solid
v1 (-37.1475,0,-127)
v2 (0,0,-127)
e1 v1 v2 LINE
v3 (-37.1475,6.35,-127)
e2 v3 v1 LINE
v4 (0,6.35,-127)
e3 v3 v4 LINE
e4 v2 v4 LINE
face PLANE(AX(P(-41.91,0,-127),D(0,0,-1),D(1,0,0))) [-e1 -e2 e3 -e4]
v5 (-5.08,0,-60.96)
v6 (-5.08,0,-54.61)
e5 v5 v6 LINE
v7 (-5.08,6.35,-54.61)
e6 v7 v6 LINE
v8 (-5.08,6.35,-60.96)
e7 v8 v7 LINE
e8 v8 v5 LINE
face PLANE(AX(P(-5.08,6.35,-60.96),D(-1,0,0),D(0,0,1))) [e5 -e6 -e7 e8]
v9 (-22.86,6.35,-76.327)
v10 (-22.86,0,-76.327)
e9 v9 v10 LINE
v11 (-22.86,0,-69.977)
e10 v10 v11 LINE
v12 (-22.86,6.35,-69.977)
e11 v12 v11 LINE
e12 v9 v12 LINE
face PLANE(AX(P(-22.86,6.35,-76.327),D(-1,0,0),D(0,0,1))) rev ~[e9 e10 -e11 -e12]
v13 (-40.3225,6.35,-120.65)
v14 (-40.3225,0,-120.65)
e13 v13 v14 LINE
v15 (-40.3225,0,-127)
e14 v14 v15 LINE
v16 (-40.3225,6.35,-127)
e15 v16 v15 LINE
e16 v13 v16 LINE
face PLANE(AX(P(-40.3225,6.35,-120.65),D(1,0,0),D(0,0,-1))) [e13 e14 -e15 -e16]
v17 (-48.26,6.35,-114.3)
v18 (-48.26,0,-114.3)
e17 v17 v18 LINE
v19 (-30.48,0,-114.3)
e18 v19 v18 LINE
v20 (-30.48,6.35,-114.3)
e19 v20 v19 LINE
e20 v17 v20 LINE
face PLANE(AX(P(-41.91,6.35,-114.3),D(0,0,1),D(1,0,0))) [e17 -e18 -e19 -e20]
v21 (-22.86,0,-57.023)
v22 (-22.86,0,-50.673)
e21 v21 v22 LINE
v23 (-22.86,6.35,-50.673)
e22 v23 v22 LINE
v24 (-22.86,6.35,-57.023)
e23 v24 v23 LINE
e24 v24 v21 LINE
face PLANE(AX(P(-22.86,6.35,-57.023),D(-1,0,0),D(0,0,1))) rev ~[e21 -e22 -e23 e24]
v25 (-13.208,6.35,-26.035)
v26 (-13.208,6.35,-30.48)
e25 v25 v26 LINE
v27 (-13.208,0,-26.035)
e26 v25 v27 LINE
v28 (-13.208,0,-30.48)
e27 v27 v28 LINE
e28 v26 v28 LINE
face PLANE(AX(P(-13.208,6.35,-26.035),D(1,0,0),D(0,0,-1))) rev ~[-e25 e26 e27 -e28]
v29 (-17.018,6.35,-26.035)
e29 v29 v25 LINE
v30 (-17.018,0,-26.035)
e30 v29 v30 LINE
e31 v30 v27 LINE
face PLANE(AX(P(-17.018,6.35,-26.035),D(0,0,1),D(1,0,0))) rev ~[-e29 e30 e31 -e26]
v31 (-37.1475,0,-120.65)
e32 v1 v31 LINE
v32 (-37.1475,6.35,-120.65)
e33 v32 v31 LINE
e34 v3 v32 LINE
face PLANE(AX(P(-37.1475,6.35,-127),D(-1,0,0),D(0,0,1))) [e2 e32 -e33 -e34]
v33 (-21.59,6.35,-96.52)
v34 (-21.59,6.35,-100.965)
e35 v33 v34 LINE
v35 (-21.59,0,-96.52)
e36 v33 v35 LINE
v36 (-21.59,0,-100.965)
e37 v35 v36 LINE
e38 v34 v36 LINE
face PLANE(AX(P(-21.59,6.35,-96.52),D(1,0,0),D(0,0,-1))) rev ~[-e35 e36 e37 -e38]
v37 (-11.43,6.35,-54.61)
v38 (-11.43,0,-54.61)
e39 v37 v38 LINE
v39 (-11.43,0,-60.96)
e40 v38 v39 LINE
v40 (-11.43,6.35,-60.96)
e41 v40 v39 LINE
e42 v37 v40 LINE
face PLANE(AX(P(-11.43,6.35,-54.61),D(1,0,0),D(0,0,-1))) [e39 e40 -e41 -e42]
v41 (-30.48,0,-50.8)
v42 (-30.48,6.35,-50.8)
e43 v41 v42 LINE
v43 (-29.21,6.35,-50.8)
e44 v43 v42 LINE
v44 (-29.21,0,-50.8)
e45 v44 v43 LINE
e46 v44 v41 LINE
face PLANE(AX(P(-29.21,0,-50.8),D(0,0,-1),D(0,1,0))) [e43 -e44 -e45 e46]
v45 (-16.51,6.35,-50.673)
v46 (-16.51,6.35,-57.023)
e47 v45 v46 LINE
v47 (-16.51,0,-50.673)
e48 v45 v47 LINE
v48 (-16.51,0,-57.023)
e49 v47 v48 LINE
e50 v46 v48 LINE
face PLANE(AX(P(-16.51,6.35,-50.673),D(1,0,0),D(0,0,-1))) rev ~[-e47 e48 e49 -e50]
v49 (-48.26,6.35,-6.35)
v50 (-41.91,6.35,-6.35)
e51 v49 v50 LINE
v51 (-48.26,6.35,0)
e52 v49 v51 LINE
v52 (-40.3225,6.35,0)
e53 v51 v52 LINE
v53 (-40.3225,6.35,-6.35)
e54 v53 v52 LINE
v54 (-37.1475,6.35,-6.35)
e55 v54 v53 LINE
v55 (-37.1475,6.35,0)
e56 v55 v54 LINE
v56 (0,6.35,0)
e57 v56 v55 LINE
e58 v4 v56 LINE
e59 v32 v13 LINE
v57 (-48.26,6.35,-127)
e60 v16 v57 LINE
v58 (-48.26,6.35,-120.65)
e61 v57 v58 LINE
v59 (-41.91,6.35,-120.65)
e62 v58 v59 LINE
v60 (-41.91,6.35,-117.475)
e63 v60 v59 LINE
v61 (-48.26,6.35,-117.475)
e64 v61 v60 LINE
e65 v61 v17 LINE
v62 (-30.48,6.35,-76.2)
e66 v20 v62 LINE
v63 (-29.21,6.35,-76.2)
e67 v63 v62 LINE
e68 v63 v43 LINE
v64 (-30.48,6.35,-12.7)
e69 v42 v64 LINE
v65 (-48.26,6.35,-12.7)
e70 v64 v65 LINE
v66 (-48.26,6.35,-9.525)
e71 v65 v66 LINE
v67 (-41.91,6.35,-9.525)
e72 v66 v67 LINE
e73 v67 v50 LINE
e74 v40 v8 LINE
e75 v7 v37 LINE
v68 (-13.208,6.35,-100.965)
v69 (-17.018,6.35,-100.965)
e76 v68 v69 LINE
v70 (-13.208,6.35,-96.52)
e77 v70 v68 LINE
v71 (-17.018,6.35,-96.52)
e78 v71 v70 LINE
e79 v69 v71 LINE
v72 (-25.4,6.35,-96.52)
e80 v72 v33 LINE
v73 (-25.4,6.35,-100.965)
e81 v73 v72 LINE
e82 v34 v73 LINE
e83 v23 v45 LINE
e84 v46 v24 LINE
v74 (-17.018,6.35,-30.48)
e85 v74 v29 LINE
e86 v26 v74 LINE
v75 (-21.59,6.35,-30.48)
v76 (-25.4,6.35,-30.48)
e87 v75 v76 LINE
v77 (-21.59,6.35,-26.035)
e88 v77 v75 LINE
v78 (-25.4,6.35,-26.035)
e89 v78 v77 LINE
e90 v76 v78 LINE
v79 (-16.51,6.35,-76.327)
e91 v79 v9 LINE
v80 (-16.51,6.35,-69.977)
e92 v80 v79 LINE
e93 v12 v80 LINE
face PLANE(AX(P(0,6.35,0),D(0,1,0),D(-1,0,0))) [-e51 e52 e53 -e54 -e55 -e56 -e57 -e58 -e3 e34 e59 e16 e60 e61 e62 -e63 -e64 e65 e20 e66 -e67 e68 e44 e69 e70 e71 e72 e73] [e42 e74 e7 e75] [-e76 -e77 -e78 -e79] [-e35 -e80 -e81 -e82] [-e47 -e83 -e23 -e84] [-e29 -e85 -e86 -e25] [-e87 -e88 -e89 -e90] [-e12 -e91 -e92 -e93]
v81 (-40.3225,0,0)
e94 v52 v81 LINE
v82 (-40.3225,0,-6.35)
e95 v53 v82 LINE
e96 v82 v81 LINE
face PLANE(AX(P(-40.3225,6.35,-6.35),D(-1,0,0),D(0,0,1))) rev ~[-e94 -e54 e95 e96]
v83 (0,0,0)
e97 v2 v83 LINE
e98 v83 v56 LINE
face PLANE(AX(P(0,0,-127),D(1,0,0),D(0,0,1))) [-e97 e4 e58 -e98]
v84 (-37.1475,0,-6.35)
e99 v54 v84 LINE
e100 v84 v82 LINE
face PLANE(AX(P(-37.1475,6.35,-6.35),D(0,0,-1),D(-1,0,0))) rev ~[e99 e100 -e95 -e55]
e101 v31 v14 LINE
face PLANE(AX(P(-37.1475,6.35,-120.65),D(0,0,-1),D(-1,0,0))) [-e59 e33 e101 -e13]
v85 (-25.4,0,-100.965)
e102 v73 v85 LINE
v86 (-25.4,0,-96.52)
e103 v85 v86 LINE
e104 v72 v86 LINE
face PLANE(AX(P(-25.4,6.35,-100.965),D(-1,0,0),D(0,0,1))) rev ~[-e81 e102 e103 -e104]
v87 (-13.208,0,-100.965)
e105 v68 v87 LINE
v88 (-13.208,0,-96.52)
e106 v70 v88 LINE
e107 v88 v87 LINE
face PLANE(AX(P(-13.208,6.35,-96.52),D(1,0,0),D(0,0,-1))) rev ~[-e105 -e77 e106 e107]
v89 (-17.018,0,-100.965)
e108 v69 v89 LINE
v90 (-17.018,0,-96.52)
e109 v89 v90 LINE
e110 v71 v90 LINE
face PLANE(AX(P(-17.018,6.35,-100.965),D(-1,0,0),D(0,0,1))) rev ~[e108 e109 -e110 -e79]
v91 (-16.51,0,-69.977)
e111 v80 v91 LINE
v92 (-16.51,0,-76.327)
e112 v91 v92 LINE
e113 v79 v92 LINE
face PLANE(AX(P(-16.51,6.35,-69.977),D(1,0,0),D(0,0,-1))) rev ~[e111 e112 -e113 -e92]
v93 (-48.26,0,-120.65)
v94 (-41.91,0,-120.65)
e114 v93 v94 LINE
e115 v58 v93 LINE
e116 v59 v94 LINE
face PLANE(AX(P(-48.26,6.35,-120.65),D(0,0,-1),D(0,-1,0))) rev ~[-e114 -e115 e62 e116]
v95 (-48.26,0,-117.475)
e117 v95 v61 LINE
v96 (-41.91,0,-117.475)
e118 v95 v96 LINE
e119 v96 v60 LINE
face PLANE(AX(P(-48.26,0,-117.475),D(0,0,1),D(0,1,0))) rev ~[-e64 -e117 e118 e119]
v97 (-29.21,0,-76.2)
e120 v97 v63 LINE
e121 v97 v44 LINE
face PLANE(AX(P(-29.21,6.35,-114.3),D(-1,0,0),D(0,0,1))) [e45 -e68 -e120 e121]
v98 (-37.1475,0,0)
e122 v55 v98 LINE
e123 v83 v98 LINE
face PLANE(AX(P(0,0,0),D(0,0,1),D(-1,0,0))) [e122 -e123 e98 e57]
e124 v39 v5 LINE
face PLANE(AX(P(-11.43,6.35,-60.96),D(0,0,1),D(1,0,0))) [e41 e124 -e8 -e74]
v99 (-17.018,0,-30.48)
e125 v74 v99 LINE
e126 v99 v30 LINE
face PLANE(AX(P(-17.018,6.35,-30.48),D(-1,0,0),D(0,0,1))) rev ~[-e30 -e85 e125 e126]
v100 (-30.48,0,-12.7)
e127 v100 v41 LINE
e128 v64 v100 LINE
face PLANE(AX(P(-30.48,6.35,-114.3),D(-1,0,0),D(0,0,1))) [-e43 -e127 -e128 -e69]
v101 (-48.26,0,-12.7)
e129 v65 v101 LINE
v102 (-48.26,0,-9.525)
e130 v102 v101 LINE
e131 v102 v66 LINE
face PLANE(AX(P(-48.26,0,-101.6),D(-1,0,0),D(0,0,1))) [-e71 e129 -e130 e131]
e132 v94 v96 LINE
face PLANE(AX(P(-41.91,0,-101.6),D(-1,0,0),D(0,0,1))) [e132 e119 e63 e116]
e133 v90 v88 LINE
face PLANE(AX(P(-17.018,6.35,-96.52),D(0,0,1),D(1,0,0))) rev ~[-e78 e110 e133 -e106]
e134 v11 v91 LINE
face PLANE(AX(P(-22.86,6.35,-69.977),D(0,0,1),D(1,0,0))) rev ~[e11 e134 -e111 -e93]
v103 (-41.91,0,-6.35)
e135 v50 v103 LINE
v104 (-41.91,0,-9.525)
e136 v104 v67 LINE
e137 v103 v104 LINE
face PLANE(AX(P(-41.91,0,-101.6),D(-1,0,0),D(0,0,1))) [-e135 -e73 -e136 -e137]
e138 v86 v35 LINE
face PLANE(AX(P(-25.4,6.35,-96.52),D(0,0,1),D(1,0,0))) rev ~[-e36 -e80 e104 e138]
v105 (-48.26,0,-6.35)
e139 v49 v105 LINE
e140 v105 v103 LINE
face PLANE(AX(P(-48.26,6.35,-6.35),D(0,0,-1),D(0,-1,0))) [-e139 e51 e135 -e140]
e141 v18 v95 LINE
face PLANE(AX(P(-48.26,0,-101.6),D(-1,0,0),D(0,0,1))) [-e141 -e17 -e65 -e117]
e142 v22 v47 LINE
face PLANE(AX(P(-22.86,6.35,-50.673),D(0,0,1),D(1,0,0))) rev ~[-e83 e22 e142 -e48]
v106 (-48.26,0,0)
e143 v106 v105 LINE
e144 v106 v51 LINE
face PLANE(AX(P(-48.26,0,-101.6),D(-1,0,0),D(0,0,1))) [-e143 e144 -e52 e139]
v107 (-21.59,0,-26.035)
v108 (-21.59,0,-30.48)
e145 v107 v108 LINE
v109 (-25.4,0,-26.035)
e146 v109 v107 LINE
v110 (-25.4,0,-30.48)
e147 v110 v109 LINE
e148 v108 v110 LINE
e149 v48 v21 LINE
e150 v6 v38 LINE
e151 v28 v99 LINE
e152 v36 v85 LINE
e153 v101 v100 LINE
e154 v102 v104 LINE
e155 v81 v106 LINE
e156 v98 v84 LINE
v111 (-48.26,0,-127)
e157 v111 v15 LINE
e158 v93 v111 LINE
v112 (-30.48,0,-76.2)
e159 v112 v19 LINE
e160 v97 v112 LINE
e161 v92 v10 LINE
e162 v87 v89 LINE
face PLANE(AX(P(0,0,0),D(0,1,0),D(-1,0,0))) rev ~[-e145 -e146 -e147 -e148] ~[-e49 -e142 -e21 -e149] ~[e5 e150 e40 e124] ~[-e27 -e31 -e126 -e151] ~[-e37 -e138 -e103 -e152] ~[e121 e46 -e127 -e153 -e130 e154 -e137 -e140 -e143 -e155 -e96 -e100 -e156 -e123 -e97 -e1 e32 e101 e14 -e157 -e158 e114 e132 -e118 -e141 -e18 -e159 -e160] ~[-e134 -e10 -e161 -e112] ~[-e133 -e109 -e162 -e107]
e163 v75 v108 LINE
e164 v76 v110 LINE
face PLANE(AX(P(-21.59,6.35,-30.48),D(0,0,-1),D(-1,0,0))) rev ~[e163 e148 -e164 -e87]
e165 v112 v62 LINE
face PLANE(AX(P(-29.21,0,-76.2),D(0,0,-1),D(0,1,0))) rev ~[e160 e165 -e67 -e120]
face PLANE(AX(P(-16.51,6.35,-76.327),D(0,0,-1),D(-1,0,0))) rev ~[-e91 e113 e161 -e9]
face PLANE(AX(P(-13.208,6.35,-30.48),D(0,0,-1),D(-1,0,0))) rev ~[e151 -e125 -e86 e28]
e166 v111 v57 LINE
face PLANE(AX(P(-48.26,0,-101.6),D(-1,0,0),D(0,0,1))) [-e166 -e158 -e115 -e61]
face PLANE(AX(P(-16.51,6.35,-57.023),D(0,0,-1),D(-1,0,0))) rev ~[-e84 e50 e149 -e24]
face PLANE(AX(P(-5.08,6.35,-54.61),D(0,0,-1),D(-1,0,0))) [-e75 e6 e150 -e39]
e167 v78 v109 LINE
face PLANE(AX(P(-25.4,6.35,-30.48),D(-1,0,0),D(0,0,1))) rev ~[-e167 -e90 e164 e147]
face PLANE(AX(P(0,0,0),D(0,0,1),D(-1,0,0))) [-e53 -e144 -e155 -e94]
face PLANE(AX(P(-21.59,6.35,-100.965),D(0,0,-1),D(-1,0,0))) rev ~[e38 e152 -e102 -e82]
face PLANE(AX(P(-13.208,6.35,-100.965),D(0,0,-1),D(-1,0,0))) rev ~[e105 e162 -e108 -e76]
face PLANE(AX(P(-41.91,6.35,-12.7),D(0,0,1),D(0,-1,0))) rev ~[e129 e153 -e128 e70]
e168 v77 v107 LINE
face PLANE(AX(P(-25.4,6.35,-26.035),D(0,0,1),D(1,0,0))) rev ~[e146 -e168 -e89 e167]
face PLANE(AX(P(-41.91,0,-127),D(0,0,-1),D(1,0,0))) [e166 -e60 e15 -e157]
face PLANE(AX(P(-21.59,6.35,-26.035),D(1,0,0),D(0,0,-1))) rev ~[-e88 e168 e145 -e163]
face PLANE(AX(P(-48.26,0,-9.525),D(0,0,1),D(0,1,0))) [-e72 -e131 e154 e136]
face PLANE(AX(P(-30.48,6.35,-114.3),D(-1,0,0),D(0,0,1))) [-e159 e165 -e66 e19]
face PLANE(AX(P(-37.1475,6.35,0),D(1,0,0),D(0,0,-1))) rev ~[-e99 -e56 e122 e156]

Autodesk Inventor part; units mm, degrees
ref_plane "YZ Plane" through (0, 0, 0) normal (1, 0, 0) x (0, 1, 0)
sketch "Sketch1" plane through (0, 0, 0) normal (0, 1, 0) x (-1, 0, 0)
  line L0 (0, 0) -> (41.91, 0)
  line L1 (41.91, 0) -> (41.91, -127)
  line L2 (41.91, -127) -> (0, -127)
  line L3 (0, -127) -> (0, 0)
  dimension "d0" = 127
  dimension "d1" = 41.91
extrude "Extrusion1" add sketch "Sketch1" along normal blind 6.35
sketch "Sketch2" plane through (0, 6.35, 0) normal (0, 1, 0) x (1, 0, 0)
  line L0 (-25.4, 26.035) -> (-21.59, 26.035)
  line L1 (-21.59, 26.035) -> (-21.59, 30.48)
  line L2 (-21.59, 30.48) -> (-25.4, 30.48)
  line L3 (-25.4, 30.48) -> (-25.4, 26.035)
  line L4 (-25.4, 96.52) -> (-21.59, 96.52)
  line L5 (-21.59, 96.52) -> (-21.59, 100.965)
  line L6 (-21.59, 100.965) -> (-25.4, 100.965)
  line L7 (-25.4, 100.965) -> (-25.4, 96.52)
  line L8 (0, 0) -> (0, 127) projected
  line L9 (-41.91, 0) -> (0, 0) projected
  line L10 (0, 127) -> (-41.91, 127) projected
  line L11 (-17.018, 26.035) -> (-13.208, 26.035)
  line L12 (-13.208, 26.035) -> (-13.208, 30.48)
  line L13 (-13.208, 30.48) -> (-17.018, 30.48)
  line L14 (-17.018, 30.48) -> (-17.018, 26.035)
  line L15 (-17.018, 96.52) -> (-13.208, 96.52)
  line L16 (-13.208, 96.52) -> (-13.208, 100.965)
  line L17 (-13.208, 100.965) -> (-17.018, 100.965)
  line L18 (-17.018, 100.965) -> (-17.018, 96.52)
  line L19 (-41.91, 127) -> (-41.91, 0) projected
  dimension "d5" = 4.445
  dimension "d6" = 3.81
  dimension "d7" = 4.445
  dimension "d8" = 26.035
  dimension "d9" = 26.035
  dimension "d12" = 4.445
  dimension "d13" = 4.445
  dimension "d14" = 3.81
  dimension "d15" = 26.035
  dimension "d16" = 26.035
  dimension "d18" = 8.382
  dimension "d36" = 16.51
extrude "Extrusion3" cut sketch "Sketch2" against normal blind 6.35 contours L3 L2 L1 L0 | L7 L6 L5 L4 | L14 L13 L12 L11 | L18 L17 L16 L15
sketch "Sketch4" plane through (0, 6.35, 0) normal (0, 1, 0) x (1, 0, 0)
  line L0 (-41.91, 127) -> (-41.91, 0) projected
  line L1 (-41.91, 114.3) -> (-29.21, 114.3)
  line L2 (-29.21, 114.3) -> (-29.21, 12.7)
  line L3 (-29.21, 12.7) -> (-41.91, 12.7)
  line L4 (-41.91, 12.7) -> (-41.91, 114.3)
  line L5 (-41.91, 0) -> (0, 0) projected
  line L6 (0, 127) -> (-41.91, 127) projected
  dimension "d61" = 12.7
  dimension "d62" = 12.7
  dimension "d63" = 12.7
sketch "Sketch6" plane through (0, 6.35, 0) normal (0, 1, 0) x (1, 0, 0)
  line L0 (0, 127) -> (-41.91, 127) projected
  line L1 (-40.3225, 127) -> (-37.1475, 127)
  line L2 (-37.1475, 127) -> (-37.1475, 120.65)
  line L3 (-37.1475, 120.65) -> (-40.3225, 120.65)
  line L4 (-40.3225, 120.65) -> (-40.3225, 127)
  line L5 (-41.91, 0) -> (0, 0) projected
  line L6 (-40.3225, 0) -> (-37.1475, 0)
  line L7 (-37.1475, 0) -> (-37.1475, 6.35)
  line L8 (-37.1475, 6.35) -> (-40.3225, 6.35)
  line L9 (-40.3225, 6.35) -> (-40.3225, 0)
  line L10 (-41.91, 127) -> (-41.91, 0) projected
  point P0 (-41.91, 107.95)
  dimension "d37" = 1.5875
  dimension "d38" = 6.35
  dimension "d39" = 3.175
  dimension "d40" = 6.35
extrude "Extrusion6" cut sketch "Sketch6" against normal blind 25.4
ref_plane "Work Plane1" through (-41.91, 0, -101.6) normal (-1, 0, 0) x (0, 0, 1)
sketch "Sketch7" plane through (-41.91, 0, -101.6) normal (-1, 0, 0) x (0, 0, 1)
  line L0 (88.9, 6.35) -> (88.9, 0) projected
  line L1 (101.6, 0) -> (101.6, 6.35) projected
  line L2 (88.9, 6.35) -> (101.6, 6.35)
  line L3 (101.6, 6.35) -> (101.6, 0)
  line L4 (101.6, 0) -> (88.9, 0)
  line L5 (88.9, 0) -> (88.9, 6.35)
  line L6 (101.6, 0) -> (-25.4, 0) projected
  line L7 (-25.4, 6.35) -> (-12.7, 6.35)
  line L8 (-12.7, 6.35) -> (-12.7, 0)
  line L9 (-12.7, 0) -> (-25.4, 0)
  line L10 (-25.4, 0) -> (-25.4, 6.35)
  point P0 (-6.35, 0)
  point P1 (-19.05, 6.35)
  dimension "d66" = 12.7
extrude "Extrusion10" add sketch "Sketch7" along normal blind 6.35
ref_plane "Work Plane2" through (-48.26, 0, -101.6) normal (-1, 0, 0) x (0, 0, 1)
extrude "Extrusion9" cut sketch "Sketch4" against normal blind 6.35
sketch "Sketch10" plane through (-48.26, 0, -101.6) normal (-1, 0, 0) x (0, 0, 1)
  line L0 (95.25, 0) -> (92.075, 0)
  line L1 (92.075, 0) -> (92.075, 6.35)
  line L2 (92.075, 6.35) -> (95.25, 6.35)
  line L3 (95.25, 6.35) -> (95.25, 0)
  line L4 (-19.05, 0) -> (-15.875, 0)
  line L5 (-15.875, 0) -> (-15.875, 6.35)
  line L6 (-15.875, 6.35) -> (-19.05, 6.35)
  line L7 (-19.05, 6.35) -> (-19.05, 0)
  line L8 (-25.4, 6.35) -> (-25.4, 0) projected
  line L9 (101.6, 0) -> (101.6, 6.35) projected
  point P0 (-12.7, 0)
  dimension "d70" = 3.175
  dimension "d72" = 3.175
  dimension "d73" = 6.35
  dimension "d74" = 6.35
  dimension "d75" = 6.35
  dimension "d76" = 6.35
extrude "Extrusion12" cut sketch "Sketch10" against normal blind 6.35
sketch "Sketch11" plane through (0, 6.35, 0) normal (0, 1, 0) x (1, 0, 0)
  line L0 (-11.43, 60.96) -> (-5.08, 60.96)
  line L1 (-5.08, 60.96) -> (-5.08, 54.61)
  line L2 (-5.08, 54.61) -> (-11.43, 54.61)
  line L3 (-11.43, 54.61) -> (-11.43, 60.96)
  line L4 (-37.1475, 0) -> (0, 0) projected
  line L5 (0, 0) -> (0, 127) projected
  line L6 (-29.21, 114.3) -> (-29.21, 12.7) projected
  dimension "d82" = 54.61
  dimension "d83" = 6.35
  dimension "d84" = 6.35
  dimension "d86" = 17.78
extrude "Extrusion13" cut sketch "Sketch11" against normal blind 6.35
sketch "Sketch12" plane through (0, 6.35, 0) normal (0, 1, 0) x (1, 0, 0)
  line L0 (-22.86, 50.673) -> (-16.51, 50.673)
  line L1 (-16.51, 50.673) -> (-16.51, 57.023)
  line L2 (-16.51, 57.023) -> (-22.86, 57.023)
  line L3 (-22.86, 57.023) -> (-22.86, 50.673)
  line L4 (-22.86, 69.977) -> (-16.51, 69.977)
  line L5 (-16.51, 69.977) -> (-16.51, 76.327)
  line L6 (-16.51, 76.327) -> (-22.86, 76.327)
  line L7 (-22.86, 76.327) -> (-22.86, 69.977)
  line L8 (-29.21, 114.3) -> (-29.21, 12.7) projected
  line L9 (-37.1475, 0) -> (0, 0) projected
  line L10 (0, 127) -> (-37.1475, 127) projected
  dimension "d90" = 6.35
  dimension "d91" = 6.35
  dimension "d92" = 6.35
  dimension "d93" = 50.673
  dimension "d94" = 6.35
  dimension "d95" = 50.673
extrude "Extrusion14" cut sketch "Sketch12" against normal blind 6.35
sketch "Sketch13" plane through (-29.21, 6.35, -114.3) normal (-1, 0, 0) x (0, 0, 1)
  line L0 (101.6, -6.35) -> (63.5, -6.35)
  line L1 (63.5, -6.35) -> (63.5, 0)
  line L2 (63.5, 0) -> (101.6, 0)
  line L3 (101.6, 0) -> (101.6, -6.35)
  line L4 (101.6, -6.35) -> (0, -6.35) projected
  line L5 (0, 0) -> (101.6, 0) projected
  line L6 (0, -6.35) -> (38.1, -6.35)
  line L7 (38.1, -6.35) -> (38.1, 0)
  line L8 (38.1, 0) -> (0, 0)
  line L9 (0, 0) -> (0, -6.35)
  point P0 (114.3, -6.35)
  dimension "d98" = 38.1
  dimension "d99" = 38.1
extrude "Extrusion15" add sketch "Sketch13" along normal blind 1.27 contours L0 L1 L2 L3 | L4 L9 L5 L7
properties part number "MonsterHolderBase"
